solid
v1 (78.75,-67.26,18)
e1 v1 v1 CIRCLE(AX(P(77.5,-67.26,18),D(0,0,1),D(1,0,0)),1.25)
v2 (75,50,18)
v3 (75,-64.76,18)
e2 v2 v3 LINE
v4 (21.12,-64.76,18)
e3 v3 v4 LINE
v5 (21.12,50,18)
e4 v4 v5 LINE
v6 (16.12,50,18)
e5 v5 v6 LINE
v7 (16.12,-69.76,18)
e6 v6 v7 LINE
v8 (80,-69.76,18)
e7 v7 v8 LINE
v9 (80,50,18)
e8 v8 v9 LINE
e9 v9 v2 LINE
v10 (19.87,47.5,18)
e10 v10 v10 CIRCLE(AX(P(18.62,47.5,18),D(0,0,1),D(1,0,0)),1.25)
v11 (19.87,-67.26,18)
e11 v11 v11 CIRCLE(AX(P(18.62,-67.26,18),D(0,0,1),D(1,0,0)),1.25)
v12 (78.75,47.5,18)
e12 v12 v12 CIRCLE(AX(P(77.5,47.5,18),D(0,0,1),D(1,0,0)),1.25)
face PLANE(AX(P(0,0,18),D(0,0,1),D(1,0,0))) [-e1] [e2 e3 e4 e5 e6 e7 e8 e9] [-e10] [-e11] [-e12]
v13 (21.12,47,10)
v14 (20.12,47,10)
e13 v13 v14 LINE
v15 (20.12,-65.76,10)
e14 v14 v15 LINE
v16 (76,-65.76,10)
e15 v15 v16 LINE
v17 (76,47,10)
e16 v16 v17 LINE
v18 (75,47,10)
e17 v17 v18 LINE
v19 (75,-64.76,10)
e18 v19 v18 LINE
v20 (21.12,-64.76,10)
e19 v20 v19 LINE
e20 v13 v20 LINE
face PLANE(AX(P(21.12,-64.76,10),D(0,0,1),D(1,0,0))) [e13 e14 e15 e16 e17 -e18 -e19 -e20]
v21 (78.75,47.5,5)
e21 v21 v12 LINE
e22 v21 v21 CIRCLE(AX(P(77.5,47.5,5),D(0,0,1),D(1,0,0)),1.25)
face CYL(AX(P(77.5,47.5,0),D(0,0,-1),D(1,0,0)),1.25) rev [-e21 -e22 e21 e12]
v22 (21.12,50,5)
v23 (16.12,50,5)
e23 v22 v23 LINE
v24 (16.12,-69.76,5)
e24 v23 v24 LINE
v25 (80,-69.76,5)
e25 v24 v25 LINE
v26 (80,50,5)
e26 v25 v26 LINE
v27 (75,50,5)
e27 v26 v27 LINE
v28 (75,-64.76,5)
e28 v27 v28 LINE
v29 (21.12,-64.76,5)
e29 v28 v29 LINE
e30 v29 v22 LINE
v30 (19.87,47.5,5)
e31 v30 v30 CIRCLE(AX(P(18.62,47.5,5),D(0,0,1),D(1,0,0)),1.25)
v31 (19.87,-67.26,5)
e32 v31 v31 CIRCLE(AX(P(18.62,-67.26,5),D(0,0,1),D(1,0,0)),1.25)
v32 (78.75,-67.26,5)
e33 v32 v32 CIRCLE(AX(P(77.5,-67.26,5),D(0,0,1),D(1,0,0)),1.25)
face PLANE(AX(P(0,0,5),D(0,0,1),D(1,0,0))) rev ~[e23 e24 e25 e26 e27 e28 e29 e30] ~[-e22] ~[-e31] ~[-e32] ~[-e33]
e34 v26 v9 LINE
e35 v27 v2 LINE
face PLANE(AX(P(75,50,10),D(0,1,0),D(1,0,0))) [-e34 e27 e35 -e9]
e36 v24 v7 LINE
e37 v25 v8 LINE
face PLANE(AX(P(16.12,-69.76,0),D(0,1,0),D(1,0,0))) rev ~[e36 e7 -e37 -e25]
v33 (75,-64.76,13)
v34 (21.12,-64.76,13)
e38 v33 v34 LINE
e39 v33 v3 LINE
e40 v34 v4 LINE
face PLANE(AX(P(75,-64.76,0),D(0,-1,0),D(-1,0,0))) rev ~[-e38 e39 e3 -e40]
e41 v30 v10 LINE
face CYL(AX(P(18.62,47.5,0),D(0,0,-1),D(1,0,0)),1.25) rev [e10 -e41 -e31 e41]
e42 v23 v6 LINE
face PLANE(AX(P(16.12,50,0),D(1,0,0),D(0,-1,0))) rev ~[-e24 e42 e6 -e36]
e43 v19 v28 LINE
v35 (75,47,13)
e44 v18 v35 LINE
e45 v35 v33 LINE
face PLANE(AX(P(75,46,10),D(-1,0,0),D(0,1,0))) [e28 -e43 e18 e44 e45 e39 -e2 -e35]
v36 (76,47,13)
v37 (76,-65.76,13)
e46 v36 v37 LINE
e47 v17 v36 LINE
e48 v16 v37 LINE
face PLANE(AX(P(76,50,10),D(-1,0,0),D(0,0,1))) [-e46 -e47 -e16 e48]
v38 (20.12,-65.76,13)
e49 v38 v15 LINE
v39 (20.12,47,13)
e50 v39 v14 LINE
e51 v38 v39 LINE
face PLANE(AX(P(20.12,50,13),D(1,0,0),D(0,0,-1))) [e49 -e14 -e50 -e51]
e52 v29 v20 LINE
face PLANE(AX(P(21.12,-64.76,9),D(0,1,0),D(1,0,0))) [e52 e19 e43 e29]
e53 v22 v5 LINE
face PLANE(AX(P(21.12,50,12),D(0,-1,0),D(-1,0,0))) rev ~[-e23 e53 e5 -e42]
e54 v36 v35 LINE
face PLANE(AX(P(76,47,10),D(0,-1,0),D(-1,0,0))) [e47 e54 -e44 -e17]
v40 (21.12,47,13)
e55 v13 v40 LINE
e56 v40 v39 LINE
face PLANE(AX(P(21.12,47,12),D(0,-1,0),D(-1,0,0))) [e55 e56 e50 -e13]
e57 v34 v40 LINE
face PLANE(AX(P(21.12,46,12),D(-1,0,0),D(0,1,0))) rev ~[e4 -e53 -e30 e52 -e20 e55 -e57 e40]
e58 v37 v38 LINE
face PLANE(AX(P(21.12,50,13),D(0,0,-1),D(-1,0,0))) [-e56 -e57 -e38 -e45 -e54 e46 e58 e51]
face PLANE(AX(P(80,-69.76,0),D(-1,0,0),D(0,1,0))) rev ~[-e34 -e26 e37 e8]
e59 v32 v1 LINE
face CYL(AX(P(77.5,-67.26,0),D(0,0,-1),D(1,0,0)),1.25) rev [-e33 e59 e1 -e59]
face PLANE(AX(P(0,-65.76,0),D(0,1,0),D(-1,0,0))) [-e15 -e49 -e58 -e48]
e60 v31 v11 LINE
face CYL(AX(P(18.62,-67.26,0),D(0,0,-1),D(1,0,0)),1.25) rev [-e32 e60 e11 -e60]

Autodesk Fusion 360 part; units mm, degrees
sketch "Sketch1" plane through (0, 0, 0) normal (0, 0, 1) x (1, 0, 0)
  line L0 (16.12, 50) -> (16.12, -69.76)
  line L1 (16.12, -69.76) -> (80, -69.76)
  line L2 (80, -69.76) -> (80, 50)
  line L3 (80, 50) -> (75, 50)
  line L4 (75, 50) -> (75, -64.76)
  line L5 (75, -64.76) -> (21.12, -64.76)
  line L6 (21.12, -64.76) -> (21.12, 50)
  line L7 (21.12, 50) -> (16.12, 50)
  circle A0 centre (18.62, 47.5) radius 1.25
  circle A1 centre (77.5, 47.5) radius 1.25
  circle A2 centre (18.62, -67.26) radius 1.25
  circle A3 centre (77.5, -67.26) radius 1.25
  dimension "d9" = 5
  dimension "d10" = 5
  dimension "d11" = 5
  dimension "d12" = 119.76
  dimension "d13" = 63.88
  dimension "d16" = 2.5
  dimension "d17" = 2.5
  dimension "d18" = 2.5
  dimension "d19" = 2.5
  dimension "d20" = 2.5
  dimension "d21" = 2.5
  dimension "d22" = 2.5
  dimension "d23" = 2.5
  dimension "d24" = 2.5
  dimension "d25" = 2.5
  dimension "d26" = 2.5
  dimension "d27" = 2.5
  dimension "d39" = 114.76
extrude "Extrude2" add sketch "Sketch1" along normal blind 18
sketch "Sketch3" plane through (0, 50, 0) normal (0, 1, 0) x (-1, 0, 0)
  line L0 (-80, 0) -> (-75, 0)
  line L1 (-75, 0) -> (-75, 18)
  line L2 (-75, 18) -> (-80, 18)
  line L3 (-80, 18) -> (-80, 0)
  line L4 (-75, 10) -> (-76, 10)
  line L5 (-76, 10) -> (-76, 13)
  line L6 (-76, 13) -> (-75, 13)
  line L7 (-75, 13) -> (-75, 10)
  dimension "d34" = 3
  dimension "d35" = 1
  dimension "d36" = 5
extrude "Extrude3" cut sketch "Sketch3" against normal blind 115.76 contours L1 L4 L5 L6 L7
sketch "Sketch4" plane through (0, -64.76, 0) normal (0, 1, 0) x (-1, 0, 0)
  line L0 (-75, 0) -> (-21.12, 0)
  line L1 (-21.12, 0) -> (-21.12, 18)
  line L2 (-21.12, 18) -> (-75, 18)
  line L3 (-75, 18) -> (-75, 13)
  line L4 (-75, 13) -> (-75, 10)
  line L5 (-75, 10) -> (-75, 0)
  line L6 (-75, 13) -> (-21.12, 13)
  line L7 (-21.12, 13) -> (-21.12, 9)
  line L8 (-21.12, 9) -> (-75, 9)
  line L9 (-75, 9) -> (-75, 13)
extrude "Extrude4" cut sketch "Sketch4" against normal blind 1 contours L1 L4 L5 L6 L7 L8 L9
sketch "Sketch5" plane through (0, 50, 0) normal (0, 1, 0) x (-1, 0, 0)
  line L0 (-21.12, 0) -> (-16.12, 0)
  line L1 (-16.12, 0) -> (-16.12, 18)
  line L2 (-16.12, 18) -> (-21.12, 18)
  line L3 (-21.12, 18) -> (-21.12, 0)
  line L4 (-21.12, 13) -> (-20.12, 13)
  line L5 (-20.12, 13) -> (-20.12, 10)
  line L6 (-20.12, 10) -> (-21.12, 10)
  line L7 (-21.12, 10) -> (-21.12, 13)
  dimension "d42" = 3
  dimension "d43" = 5
  dimension "d44" = 1
extrude "Extrude5" cut sketch "Sketch5" against normal blind 115.76 contours L3 L4 L5 L6 L7
sketch "Sketch6" plane through (0, 0, 10) normal (0, 0, 1) x (-1, 0, 0)
  line L0 (-21.12, 65.76) -> (-21.12, -50)
  line L1 (-21.12, -50) -> (-20.12, -50)
  line L2 (-20.12, -50) -> (-20.12, 65.76)
  line L3 (-20.12, 65.76) -> (-21.12, 65.76)
  line L4 (-20.12, -50) -> (-21.12, -50)
  line L5 (-21.12, -50) -> (-21.12, -46)
  line L6 (-21.12, -46) -> (-20.12, -46)
  line L7 (-20.12, -46) -> (-20.12, -50)
  dimension "d47" = 4
extrude "Extrude6" add sketch "Sketch6" along normal blind 2 contours L0 L1 L2 L4 L5 L6 L7
sketch "Sketch7" plane through (0, 0, 10) normal (0, 0, 1) x (-1, 0, 0)
  line L0 (-20.12, 65.76) -> (-21.12, 65.76)
  line L1 (-75, -50) -> (-76, -50)
  line L2 (-76, -50) -> (-76, -46)
  line L3 (-76, -46) -> (-75, -46)
  line L4 (-75, -46) -> (-75, -50)
  line L5 (-21.12, -46) -> (-20.12, -46)
  line L6 (-20.12, -46) -> (-20.12, 65.76)
  line L7 (-21.12, 65.76) -> (-21.12, -46)
extrude "Extrude9" add 1 faces at (39.08, -65.0933, 9) along direction (0, 0, 1) blind 1
extrude "Extrude10" add 1 faces at (20.7867, 47.3333, 12) along direction (0, 0, 1) blind 1
extrude "Extrude11" add sketch "Sketch7" along normal blind 3 contours L1 L2 L3 L4
extrude "Extrude12" cut 1 faces at (20.4533, 46, 12) along direction (0, 1, 0) blind 1
extrude "Extrude13" cut 1 faces at (75.6667, 46, 11) along direction (0, 1, 0) blind 1
extrude "Extrude14" cut 1 faces at (77.057, -28.1733, 0) along direction (0, 0, 1) blind 5
extrude "Extrude7" [suppressed]
extrude "Extrude8" [suppressed]
